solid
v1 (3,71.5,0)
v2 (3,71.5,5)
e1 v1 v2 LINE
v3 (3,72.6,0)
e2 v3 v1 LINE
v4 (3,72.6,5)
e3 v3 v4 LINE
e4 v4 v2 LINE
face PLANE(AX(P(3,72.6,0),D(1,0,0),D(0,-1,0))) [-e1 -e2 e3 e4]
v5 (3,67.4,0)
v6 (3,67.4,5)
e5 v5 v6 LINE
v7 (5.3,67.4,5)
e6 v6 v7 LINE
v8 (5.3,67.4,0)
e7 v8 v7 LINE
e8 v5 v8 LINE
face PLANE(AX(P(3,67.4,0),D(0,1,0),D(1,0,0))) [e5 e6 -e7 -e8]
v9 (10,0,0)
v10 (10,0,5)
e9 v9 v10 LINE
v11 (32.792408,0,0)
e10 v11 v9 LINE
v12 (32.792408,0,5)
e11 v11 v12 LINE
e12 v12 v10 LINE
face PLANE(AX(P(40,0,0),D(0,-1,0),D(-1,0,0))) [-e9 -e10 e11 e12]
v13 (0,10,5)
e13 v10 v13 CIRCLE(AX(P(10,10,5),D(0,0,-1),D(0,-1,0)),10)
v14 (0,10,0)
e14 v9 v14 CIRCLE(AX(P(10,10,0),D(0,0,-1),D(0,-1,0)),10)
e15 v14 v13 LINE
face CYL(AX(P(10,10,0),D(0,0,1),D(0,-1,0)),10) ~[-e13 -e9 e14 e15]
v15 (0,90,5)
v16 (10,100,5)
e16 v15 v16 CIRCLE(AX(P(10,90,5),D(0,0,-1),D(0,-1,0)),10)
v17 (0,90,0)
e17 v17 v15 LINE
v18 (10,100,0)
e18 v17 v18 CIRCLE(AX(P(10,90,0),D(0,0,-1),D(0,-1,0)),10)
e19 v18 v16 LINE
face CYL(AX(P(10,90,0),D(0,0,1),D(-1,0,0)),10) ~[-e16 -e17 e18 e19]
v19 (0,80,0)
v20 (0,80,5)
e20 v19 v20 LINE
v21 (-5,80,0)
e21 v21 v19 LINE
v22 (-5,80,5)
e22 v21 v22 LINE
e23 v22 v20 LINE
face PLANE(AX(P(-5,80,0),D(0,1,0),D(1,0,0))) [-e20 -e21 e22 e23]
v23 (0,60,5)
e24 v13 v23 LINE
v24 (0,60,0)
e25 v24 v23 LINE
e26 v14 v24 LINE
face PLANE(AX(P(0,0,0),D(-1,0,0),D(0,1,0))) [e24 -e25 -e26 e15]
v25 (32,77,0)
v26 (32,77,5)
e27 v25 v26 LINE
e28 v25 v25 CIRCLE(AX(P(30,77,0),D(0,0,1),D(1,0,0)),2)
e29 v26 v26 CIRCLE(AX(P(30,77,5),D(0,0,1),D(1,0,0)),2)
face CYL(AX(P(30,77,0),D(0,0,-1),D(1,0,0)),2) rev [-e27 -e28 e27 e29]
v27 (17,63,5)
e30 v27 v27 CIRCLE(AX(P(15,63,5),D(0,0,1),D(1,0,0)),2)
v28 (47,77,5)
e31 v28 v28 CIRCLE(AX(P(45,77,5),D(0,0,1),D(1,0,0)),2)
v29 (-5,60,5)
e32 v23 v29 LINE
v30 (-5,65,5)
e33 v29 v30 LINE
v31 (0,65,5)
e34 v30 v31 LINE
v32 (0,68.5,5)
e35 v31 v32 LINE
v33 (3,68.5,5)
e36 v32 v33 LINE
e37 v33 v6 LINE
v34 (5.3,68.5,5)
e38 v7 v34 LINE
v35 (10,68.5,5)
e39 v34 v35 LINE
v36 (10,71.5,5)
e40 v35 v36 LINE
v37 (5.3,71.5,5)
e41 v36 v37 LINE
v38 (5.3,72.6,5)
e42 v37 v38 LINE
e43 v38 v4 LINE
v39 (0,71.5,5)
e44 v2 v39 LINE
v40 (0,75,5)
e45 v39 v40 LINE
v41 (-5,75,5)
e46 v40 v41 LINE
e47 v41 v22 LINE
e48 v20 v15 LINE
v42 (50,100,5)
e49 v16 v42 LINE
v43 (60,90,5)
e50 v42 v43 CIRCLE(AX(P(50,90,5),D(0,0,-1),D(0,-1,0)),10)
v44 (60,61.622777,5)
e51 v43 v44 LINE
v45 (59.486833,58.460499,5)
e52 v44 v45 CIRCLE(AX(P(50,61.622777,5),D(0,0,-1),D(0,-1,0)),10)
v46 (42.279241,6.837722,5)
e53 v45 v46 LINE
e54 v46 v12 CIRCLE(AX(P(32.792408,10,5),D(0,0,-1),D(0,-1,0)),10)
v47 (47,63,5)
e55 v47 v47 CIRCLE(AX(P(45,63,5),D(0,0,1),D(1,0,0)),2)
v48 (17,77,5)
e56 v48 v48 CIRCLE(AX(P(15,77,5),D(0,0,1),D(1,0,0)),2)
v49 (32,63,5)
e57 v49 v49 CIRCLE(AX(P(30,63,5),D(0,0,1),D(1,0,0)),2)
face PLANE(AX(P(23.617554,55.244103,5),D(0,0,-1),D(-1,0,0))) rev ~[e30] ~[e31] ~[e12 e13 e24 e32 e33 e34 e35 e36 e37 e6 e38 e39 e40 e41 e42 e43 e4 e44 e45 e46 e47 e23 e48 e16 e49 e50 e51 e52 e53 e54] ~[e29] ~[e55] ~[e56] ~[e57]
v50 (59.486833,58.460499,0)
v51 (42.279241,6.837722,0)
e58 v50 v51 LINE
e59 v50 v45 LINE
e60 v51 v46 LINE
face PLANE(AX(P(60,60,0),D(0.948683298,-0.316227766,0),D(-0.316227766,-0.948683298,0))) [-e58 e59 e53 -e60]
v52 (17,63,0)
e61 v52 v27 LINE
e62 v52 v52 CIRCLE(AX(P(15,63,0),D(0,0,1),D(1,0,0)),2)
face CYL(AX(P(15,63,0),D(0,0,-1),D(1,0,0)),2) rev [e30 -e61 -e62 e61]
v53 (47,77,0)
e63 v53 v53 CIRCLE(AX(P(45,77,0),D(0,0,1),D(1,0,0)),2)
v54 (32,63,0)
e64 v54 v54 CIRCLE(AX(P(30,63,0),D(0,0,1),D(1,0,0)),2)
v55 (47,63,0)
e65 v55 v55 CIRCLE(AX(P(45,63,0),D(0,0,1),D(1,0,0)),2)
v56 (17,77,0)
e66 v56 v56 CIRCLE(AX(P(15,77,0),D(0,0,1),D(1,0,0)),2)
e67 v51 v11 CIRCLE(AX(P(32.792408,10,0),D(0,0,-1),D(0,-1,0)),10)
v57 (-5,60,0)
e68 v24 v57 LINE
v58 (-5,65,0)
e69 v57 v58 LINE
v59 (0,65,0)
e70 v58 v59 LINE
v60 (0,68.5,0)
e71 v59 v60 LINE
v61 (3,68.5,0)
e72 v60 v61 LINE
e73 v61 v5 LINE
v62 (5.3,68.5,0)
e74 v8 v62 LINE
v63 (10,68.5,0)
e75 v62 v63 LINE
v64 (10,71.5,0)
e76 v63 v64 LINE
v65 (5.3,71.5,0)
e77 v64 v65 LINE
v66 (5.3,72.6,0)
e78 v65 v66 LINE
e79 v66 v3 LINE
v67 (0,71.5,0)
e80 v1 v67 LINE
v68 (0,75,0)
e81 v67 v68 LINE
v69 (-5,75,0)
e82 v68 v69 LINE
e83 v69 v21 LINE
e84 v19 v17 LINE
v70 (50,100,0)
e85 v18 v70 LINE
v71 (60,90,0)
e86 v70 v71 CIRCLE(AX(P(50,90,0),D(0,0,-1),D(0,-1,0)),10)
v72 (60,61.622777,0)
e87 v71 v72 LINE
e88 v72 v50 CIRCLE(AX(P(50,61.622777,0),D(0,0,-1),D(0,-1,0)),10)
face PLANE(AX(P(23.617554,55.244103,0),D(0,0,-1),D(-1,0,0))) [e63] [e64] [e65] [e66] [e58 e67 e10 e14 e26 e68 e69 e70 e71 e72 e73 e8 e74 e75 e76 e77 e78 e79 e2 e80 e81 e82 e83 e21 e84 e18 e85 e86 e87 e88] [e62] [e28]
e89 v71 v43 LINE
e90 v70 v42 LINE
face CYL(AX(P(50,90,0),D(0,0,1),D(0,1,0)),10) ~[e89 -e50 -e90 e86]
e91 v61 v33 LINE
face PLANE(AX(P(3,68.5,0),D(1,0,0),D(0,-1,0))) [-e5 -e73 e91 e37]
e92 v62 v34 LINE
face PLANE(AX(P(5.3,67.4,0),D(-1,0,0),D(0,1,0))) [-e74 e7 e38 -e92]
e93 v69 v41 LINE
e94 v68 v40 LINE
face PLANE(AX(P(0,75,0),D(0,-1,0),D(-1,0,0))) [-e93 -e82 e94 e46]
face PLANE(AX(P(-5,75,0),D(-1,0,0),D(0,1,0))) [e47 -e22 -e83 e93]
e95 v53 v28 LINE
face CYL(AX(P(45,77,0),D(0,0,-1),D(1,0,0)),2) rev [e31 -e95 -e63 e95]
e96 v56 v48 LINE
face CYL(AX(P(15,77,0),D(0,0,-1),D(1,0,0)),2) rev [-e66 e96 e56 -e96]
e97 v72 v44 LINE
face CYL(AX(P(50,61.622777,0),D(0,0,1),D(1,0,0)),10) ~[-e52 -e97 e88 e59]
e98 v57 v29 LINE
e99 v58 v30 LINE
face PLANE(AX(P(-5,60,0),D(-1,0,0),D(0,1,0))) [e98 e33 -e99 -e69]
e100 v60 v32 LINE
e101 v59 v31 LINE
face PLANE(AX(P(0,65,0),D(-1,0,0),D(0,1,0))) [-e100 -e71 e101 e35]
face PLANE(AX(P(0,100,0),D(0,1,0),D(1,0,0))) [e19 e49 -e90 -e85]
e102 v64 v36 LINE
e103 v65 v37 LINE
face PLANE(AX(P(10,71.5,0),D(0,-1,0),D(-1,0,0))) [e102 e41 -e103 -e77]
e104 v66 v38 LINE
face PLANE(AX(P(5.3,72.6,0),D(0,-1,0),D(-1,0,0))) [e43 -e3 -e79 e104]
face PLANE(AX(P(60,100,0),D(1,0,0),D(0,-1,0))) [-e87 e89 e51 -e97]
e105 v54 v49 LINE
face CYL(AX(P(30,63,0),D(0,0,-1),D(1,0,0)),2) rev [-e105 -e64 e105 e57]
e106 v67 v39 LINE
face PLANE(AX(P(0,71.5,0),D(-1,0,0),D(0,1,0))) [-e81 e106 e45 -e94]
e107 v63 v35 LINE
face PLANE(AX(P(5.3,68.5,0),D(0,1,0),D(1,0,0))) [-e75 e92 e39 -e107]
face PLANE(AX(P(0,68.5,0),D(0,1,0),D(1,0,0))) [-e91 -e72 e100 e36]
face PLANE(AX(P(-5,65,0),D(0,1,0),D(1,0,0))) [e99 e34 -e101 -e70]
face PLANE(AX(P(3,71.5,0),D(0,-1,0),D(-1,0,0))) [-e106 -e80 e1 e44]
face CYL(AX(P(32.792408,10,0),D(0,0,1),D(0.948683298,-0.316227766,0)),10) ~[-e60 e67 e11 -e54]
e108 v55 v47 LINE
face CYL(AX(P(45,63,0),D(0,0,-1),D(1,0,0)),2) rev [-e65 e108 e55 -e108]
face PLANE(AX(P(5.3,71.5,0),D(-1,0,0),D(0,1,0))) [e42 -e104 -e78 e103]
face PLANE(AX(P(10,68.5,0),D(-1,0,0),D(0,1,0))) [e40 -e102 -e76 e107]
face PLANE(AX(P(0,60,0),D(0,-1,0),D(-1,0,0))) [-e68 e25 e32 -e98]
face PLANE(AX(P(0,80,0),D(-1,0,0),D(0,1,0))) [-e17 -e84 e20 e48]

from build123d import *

# Parameters (mm, degrees)
ESQUISSE1_R        = 2
BOSS_EXTRU_1_DEPTH = 5
CONG_1_R           = 10


with BuildPart() as part:
    # Esquisse1 → Boss.-Extru.1 (new body)
    with BuildSketch(Plane.XY):
        Polygon((0, 80), (0, 100), (60, 100), (60, 60), (40, 0), (0, 0), (0, 60), (-5, 60), (-5, 65), (0, 65), (0, 68.5), (3, 68.5), (3, 67.4), (5.3, 67.4), (5.3, 68.5), (10, 68.5), (10, 71.5), (5.3, 71.5), (5.3, 72.6), (3, 72.6), (3, 71.5), (0, 71.5), (0, 75), (-5, 75), (-5, 80), align=None)
        with Locations((15, 77)):
            Circle(ESQUISSE1_R, mode=Mode.SUBTRACT)
        with Locations((30, 77)):
            Circle(ESQUISSE1_R, mode=Mode.SUBTRACT)
        with Locations((45, 77)):
            Circle(ESQUISSE1_R, mode=Mode.SUBTRACT)
        with Locations((45, 63)):
            Circle(ESQUISSE1_R, mode=Mode.SUBTRACT)
        with Locations((30, 63)):
            Circle(ESQUISSE1_R, mode=Mode.SUBTRACT)
        with Locations((15, 63)):
            Circle(ESQUISSE1_R, mode=Mode.SUBTRACT)
    extrude(amount=BOSS_EXTRU_1_DEPTH)

    # Congé1
    cong_1_edges = [part.edges().sort_by_distance(p)[0] for p in [
        (0, 100, 2.5),
        (60, 100, 2.5),
        (60, 60, 2.5),
        (40, 0, 2.5),
        (0, 0, 2.5),
    ]]
    fillet(cong_1_edges, radius=CONG_1_R)


solid = part.part
